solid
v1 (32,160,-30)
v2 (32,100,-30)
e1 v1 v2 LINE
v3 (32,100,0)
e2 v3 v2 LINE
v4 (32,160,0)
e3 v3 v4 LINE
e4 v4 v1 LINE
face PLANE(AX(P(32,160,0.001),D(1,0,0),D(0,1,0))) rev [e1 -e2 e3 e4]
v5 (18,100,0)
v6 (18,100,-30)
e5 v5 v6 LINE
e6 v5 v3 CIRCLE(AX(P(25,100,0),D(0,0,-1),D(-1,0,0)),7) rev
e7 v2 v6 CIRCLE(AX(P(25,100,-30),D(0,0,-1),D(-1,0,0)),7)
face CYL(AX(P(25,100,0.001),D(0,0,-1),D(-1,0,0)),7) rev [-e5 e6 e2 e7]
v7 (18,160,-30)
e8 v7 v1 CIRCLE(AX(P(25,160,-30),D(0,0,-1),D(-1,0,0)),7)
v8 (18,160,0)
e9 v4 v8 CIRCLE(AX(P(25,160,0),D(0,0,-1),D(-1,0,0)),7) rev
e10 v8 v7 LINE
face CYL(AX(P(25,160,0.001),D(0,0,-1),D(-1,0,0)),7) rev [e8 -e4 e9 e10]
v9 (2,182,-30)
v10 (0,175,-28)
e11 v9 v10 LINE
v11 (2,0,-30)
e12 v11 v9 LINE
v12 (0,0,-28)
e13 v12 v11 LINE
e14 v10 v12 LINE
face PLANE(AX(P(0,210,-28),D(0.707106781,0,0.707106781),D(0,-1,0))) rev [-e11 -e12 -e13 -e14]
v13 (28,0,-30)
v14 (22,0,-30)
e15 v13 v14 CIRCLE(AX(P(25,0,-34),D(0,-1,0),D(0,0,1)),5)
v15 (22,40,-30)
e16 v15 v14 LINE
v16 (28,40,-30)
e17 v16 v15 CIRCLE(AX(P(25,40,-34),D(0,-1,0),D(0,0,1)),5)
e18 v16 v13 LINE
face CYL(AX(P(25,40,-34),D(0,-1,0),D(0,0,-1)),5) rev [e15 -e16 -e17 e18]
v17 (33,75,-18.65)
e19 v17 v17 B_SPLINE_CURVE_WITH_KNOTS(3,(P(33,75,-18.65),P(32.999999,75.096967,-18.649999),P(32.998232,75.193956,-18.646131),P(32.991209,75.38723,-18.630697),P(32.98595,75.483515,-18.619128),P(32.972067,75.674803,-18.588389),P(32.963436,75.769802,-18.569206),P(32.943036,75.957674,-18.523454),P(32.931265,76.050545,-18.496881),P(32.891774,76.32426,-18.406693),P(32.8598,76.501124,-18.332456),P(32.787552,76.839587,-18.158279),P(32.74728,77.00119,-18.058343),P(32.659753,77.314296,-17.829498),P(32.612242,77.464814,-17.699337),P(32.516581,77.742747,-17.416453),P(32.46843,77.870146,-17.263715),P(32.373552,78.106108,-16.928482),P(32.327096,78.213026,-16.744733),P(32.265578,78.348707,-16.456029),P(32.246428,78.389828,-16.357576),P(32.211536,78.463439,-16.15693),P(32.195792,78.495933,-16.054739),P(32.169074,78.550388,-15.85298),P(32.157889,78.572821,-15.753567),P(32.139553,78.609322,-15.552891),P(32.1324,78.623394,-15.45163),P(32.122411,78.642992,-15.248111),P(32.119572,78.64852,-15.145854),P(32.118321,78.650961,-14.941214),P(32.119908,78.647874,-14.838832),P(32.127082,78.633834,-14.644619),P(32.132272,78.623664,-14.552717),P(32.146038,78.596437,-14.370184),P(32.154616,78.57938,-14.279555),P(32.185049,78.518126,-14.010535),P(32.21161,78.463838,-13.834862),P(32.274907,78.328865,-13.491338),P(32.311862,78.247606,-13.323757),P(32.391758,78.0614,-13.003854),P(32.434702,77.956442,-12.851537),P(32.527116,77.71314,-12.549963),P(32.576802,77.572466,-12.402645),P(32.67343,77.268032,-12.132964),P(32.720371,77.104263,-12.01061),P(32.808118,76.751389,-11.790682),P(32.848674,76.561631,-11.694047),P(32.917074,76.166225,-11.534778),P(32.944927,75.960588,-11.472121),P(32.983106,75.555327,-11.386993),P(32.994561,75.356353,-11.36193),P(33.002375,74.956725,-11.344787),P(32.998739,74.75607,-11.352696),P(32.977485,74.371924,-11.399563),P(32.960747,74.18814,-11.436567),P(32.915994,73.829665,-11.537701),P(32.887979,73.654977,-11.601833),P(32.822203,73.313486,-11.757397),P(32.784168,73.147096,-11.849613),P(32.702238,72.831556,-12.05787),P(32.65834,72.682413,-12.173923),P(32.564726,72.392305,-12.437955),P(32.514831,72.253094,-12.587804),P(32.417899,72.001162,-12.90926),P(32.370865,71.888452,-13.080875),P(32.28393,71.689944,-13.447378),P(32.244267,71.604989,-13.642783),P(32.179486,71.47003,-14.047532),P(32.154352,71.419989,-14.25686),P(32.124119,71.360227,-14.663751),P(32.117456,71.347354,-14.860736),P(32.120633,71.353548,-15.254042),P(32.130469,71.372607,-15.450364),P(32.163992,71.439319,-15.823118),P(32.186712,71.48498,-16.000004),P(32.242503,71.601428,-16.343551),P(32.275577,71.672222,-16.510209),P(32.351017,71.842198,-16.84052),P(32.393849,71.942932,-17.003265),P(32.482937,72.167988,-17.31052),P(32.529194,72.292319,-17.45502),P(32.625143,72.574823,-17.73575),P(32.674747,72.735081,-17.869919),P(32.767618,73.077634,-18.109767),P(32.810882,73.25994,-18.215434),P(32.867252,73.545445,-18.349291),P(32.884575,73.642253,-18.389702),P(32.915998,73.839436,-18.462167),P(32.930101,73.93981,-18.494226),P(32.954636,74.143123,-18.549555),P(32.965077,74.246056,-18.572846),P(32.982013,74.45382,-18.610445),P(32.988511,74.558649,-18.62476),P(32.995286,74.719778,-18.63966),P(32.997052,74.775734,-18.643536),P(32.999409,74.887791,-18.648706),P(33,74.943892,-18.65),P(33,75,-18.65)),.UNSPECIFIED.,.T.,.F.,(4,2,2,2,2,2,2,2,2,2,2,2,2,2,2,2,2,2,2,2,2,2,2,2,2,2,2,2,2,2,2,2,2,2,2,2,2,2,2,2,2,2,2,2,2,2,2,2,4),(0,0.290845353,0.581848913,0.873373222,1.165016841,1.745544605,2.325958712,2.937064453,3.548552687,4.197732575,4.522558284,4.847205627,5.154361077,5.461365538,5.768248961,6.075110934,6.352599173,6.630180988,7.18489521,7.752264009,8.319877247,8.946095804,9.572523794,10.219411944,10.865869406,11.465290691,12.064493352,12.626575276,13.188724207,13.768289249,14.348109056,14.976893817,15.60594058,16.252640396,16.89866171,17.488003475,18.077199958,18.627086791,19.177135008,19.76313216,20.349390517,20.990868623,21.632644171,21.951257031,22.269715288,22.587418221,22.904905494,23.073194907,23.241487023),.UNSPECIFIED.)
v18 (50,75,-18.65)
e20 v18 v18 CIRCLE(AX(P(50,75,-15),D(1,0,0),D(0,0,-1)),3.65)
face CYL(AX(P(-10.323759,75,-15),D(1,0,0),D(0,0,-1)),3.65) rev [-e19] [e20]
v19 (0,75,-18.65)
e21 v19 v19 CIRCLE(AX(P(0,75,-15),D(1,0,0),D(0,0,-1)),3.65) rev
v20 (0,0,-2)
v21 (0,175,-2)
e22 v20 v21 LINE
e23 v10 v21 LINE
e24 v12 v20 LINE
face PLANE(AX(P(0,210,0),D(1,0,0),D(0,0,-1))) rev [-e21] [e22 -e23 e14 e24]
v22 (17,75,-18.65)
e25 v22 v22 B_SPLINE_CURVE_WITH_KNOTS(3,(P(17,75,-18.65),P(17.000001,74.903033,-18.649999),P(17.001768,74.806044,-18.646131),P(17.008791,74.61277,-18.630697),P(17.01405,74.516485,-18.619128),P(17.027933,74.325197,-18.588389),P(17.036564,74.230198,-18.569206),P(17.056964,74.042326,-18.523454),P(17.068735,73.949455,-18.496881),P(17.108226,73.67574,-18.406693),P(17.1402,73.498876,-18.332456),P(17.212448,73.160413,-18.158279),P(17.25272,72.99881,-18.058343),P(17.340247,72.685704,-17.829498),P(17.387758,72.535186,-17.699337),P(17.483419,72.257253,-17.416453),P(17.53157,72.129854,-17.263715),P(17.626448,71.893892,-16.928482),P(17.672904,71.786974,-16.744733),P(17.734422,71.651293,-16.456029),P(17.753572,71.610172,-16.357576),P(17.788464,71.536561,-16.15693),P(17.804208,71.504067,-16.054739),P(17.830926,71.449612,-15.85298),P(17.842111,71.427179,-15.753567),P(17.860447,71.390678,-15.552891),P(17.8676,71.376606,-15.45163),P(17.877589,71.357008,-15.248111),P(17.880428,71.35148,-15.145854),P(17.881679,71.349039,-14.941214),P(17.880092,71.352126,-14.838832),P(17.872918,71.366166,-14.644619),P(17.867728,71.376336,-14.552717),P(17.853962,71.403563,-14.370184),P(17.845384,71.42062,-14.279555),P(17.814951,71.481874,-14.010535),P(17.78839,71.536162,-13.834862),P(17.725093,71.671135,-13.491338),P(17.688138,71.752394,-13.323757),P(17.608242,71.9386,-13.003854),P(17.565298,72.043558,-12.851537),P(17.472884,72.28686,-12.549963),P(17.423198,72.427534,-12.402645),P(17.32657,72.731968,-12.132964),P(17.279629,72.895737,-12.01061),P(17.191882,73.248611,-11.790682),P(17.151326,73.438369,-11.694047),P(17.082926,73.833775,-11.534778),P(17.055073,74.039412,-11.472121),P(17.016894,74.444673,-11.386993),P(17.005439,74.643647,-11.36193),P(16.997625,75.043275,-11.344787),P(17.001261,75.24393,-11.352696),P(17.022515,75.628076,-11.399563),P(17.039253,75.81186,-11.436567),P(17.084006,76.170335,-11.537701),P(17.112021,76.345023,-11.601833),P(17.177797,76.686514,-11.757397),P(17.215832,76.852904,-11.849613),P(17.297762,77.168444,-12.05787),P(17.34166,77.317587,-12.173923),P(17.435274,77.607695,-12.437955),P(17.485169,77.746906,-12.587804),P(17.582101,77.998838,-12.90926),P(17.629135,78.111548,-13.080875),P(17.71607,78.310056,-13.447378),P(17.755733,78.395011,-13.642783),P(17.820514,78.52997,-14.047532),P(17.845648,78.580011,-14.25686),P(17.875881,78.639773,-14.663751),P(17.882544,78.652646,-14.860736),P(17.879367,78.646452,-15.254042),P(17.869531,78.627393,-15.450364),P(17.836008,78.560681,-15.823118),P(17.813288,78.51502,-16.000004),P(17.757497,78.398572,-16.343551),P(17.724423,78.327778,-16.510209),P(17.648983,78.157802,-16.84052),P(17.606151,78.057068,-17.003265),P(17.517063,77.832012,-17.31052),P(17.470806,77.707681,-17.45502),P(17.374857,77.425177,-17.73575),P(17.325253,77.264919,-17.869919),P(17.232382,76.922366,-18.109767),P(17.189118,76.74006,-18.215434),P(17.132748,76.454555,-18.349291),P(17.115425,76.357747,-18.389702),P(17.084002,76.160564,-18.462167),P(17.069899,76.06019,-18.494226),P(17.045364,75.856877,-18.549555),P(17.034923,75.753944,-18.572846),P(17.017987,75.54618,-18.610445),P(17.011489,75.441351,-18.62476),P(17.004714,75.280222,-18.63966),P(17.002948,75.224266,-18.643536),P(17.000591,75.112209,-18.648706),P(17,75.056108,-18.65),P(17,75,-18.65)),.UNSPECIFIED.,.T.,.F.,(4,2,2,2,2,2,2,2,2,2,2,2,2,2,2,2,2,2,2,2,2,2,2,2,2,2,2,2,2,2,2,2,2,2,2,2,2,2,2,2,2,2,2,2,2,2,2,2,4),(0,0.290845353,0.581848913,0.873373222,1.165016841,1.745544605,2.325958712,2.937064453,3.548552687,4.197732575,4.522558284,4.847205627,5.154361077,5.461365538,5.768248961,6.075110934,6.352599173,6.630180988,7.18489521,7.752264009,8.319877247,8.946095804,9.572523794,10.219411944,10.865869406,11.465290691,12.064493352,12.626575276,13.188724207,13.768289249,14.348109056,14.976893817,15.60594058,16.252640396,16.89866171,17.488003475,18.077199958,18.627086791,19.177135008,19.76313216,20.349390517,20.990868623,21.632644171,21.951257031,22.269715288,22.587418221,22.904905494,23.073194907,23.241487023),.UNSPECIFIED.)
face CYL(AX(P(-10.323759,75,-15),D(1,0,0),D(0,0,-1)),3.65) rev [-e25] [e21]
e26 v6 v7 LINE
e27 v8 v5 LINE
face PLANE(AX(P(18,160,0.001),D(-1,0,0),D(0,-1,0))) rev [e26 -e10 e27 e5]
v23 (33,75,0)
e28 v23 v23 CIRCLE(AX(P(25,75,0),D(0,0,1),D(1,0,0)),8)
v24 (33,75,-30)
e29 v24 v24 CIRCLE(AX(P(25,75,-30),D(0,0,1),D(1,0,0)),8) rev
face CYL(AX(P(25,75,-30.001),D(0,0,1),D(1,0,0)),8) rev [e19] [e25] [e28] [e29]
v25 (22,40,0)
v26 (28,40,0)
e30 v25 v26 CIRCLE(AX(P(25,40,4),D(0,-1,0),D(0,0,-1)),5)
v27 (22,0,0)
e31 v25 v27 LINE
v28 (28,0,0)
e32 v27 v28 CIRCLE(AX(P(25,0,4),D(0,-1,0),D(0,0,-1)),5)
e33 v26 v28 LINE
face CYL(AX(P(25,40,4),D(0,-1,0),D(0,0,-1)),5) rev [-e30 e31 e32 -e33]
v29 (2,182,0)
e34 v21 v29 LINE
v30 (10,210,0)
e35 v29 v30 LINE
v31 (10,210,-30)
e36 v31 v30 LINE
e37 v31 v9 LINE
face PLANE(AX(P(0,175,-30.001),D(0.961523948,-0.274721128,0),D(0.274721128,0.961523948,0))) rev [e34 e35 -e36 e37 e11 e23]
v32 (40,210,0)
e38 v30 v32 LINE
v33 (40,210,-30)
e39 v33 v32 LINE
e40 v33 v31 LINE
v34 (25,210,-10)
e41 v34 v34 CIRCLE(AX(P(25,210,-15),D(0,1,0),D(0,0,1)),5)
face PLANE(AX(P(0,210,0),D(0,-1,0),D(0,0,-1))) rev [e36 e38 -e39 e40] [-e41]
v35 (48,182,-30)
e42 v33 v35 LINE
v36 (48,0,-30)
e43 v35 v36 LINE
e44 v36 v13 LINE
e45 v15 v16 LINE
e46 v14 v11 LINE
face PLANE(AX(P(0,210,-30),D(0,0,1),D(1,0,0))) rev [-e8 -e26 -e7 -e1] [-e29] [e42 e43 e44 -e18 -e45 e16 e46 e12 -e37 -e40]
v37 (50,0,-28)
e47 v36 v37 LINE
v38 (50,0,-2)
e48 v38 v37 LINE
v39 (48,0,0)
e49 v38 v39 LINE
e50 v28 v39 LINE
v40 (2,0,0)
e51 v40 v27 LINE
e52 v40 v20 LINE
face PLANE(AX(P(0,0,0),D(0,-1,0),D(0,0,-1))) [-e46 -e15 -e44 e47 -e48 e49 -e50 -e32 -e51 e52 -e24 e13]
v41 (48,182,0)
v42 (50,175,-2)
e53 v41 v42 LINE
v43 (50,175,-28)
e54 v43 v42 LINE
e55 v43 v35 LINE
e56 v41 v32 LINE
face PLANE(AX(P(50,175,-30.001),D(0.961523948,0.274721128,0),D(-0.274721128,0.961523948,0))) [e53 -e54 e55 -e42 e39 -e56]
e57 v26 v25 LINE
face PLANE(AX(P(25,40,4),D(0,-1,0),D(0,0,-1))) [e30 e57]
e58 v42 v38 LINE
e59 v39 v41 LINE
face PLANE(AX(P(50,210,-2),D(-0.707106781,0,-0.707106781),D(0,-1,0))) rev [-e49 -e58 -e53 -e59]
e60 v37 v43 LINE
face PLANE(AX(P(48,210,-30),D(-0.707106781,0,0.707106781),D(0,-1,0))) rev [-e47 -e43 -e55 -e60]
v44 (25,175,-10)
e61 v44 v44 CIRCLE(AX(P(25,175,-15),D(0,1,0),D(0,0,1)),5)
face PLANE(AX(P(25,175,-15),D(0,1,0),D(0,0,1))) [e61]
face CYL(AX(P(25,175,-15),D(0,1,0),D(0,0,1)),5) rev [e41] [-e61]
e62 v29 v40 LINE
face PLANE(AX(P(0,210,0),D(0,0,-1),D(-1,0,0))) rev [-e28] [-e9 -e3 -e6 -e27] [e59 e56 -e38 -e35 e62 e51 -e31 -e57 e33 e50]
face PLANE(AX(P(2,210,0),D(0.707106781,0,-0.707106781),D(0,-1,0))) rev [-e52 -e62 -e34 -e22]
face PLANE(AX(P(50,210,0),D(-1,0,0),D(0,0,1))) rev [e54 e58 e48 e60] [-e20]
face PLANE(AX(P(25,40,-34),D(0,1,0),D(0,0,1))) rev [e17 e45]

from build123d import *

# Parameters (mm, degrees)
SKETCH2_W           = 50
SKETCH2_H           = 30
BOSS_EXTRUDE2_DEPTH = 210
CUT_EXTRUDE2_REACH  = 32
SKETCH3_R           = 8
CUT_EXTRUDE5_REACH  = 32
CUT_EXTRUDE8_REACH  = 32
CHAMFER3_SIZE       = 2
CUT_EXTRUDE10_DEPTH = 40
SKETCH16_R          = 3.65
CUT_EXTRUDE11_DEPTH = 50
SKETCH20_R          = 5
CUT_EXTRUDE13_DEPTH = 35


with BuildPart() as part:
    # Sketch2 → Boss-Extrude2 (new body)
    with BuildSketch(Plane(origin=(0, 0, 0), x_dir=(1, 0, 0), z_dir=(0, 1, 0))):
        with Locations((25, 15)):
            Rectangle(SKETCH2_W, SKETCH2_H)
    extrude(amount=BOSS_EXTRUDE2_DEPTH)

    # Sketch3 → Cut-Extrude2 (cut, up to next)
    with BuildSketch(Plane.XY, mode=Mode.PRIVATE) as cut_extrude2_sk1:
        with Locations((25, 75)):
            Circle(SKETCH3_R)
    cut_extrude2_tool1 = extrude(cut_extrude2_sk1.sketch, amount=-CUT_EXTRUDE2_REACH, mode=Mode.PRIVATE) & part.part
    add(cut_extrude2_tool1.solids().sort_by_distance((25, 75, 0))[0], mode=Mode.SUBTRACT)

    # Sketch7 → Cut-Extrude5 (cut, up to next)
    with BuildSketch(Plane.XY, mode=Mode.PRIVATE) as cut_extrude5_sk1:
        Polygon((0, 175), (10, 210), (0, 210), align=None)
    cut_extrude5_tool1 = extrude(cut_extrude5_sk1.sketch, amount=-CUT_EXTRUDE5_REACH, mode=Mode.PRIVATE) & part.part
    add(cut_extrude5_tool1.solids().sort_by_distance((3.333333, 198.333333, 0))[0], mode=Mode.SUBTRACT)
    # Sketch7 → Cut-Extrude5 (cut, up to next)
    with BuildSketch(Plane.XY, mode=Mode.PRIVATE) as cut_extrude5_sk2:
        Polygon((50, 210), (50, 175), (40, 210), align=None)
    cut_extrude5_tool2 = extrude(cut_extrude5_sk2.sketch, amount=-CUT_EXTRUDE5_REACH, mode=Mode.PRIVATE) & part.part
    add(cut_extrude5_tool2.solids().sort_by_distance((46.666667, 198.333333, 0))[0], mode=Mode.SUBTRACT)

    # Sketch11 → Cut-Extrude8 (cut, up to next)
    with BuildSketch(Plane(origin=(0, 0, -30), x_dir=(-1, 0, 0), z_dir=(0, 0, -1)), mode=Mode.PRIVATE) as cut_extrude8_sk1:
        with BuildLine():
            Line((-18, 160), (-18, 100))
            ThreePointArc((-18, 100), (-25, 93), (-32, 100))
            Line((-32, 100), (-32, 160))
            ThreePointArc((-32, 160), (-25, 167), (-18, 160))
        make_face()
    cut_extrude8_tool1 = extrude(cut_extrude8_sk1.sketch, amount=-CUT_EXTRUDE8_REACH, mode=Mode.PRIVATE) & part.part
    add(cut_extrude8_tool1.solids().sort_by_distance((25, 130, -30))[0], mode=Mode.SUBTRACT)

    # Chamfer3
    chamfer3_edges = [part.edges().sort_by_distance(p)[0] for p in [
        (0, 87.5, -30),
        (50, 87.5, -30),
        (50, 87.5, 0),
        (0, 87.5, 0),
    ]]
    chamfer(chamfer3_edges, length=CHAMFER3_SIZE)

    # Sketch15 → Cut-Extrude10 (cut)
    with BuildSketch(Plane.XZ):
        with BuildLine():
            Line((22, 0), (28, 0))
            ThreePointArc((28, 0), (25, -1), (22, 0))
        make_face()
        with BuildLine():
            Line((22, -30), (28, -30))
            ThreePointArc((28, -30), (25, -29), (22, -30))
        make_face()
    extrude(amount=-CUT_EXTRUDE10_DEPTH, mode=Mode.SUBTRACT)

    # Sketch16 → Cut-Extrude11 (cut)
    with BuildSketch(Plane(origin=(50, 0, 0), x_dir=(0, 0, -1), z_dir=(1, 0, 0))):
        with Locations((15, 75)):
            Circle(SKETCH16_R)
    extrude(amount=-CUT_EXTRUDE11_DEPTH, mode=Mode.SUBTRACT)

    # Sketch20 → Cut-Extrude13 (cut)
    with BuildSketch(Plane(origin=(0, 210, 0), x_dir=(1, 0, 0), z_dir=(0, 1, 0))):
        with Locations((25, 15)):
            Circle(SKETCH20_R)
    extrude(amount=-CUT_EXTRUDE13_DEPTH, mode=Mode.SUBTRACT)


solid = part.part
